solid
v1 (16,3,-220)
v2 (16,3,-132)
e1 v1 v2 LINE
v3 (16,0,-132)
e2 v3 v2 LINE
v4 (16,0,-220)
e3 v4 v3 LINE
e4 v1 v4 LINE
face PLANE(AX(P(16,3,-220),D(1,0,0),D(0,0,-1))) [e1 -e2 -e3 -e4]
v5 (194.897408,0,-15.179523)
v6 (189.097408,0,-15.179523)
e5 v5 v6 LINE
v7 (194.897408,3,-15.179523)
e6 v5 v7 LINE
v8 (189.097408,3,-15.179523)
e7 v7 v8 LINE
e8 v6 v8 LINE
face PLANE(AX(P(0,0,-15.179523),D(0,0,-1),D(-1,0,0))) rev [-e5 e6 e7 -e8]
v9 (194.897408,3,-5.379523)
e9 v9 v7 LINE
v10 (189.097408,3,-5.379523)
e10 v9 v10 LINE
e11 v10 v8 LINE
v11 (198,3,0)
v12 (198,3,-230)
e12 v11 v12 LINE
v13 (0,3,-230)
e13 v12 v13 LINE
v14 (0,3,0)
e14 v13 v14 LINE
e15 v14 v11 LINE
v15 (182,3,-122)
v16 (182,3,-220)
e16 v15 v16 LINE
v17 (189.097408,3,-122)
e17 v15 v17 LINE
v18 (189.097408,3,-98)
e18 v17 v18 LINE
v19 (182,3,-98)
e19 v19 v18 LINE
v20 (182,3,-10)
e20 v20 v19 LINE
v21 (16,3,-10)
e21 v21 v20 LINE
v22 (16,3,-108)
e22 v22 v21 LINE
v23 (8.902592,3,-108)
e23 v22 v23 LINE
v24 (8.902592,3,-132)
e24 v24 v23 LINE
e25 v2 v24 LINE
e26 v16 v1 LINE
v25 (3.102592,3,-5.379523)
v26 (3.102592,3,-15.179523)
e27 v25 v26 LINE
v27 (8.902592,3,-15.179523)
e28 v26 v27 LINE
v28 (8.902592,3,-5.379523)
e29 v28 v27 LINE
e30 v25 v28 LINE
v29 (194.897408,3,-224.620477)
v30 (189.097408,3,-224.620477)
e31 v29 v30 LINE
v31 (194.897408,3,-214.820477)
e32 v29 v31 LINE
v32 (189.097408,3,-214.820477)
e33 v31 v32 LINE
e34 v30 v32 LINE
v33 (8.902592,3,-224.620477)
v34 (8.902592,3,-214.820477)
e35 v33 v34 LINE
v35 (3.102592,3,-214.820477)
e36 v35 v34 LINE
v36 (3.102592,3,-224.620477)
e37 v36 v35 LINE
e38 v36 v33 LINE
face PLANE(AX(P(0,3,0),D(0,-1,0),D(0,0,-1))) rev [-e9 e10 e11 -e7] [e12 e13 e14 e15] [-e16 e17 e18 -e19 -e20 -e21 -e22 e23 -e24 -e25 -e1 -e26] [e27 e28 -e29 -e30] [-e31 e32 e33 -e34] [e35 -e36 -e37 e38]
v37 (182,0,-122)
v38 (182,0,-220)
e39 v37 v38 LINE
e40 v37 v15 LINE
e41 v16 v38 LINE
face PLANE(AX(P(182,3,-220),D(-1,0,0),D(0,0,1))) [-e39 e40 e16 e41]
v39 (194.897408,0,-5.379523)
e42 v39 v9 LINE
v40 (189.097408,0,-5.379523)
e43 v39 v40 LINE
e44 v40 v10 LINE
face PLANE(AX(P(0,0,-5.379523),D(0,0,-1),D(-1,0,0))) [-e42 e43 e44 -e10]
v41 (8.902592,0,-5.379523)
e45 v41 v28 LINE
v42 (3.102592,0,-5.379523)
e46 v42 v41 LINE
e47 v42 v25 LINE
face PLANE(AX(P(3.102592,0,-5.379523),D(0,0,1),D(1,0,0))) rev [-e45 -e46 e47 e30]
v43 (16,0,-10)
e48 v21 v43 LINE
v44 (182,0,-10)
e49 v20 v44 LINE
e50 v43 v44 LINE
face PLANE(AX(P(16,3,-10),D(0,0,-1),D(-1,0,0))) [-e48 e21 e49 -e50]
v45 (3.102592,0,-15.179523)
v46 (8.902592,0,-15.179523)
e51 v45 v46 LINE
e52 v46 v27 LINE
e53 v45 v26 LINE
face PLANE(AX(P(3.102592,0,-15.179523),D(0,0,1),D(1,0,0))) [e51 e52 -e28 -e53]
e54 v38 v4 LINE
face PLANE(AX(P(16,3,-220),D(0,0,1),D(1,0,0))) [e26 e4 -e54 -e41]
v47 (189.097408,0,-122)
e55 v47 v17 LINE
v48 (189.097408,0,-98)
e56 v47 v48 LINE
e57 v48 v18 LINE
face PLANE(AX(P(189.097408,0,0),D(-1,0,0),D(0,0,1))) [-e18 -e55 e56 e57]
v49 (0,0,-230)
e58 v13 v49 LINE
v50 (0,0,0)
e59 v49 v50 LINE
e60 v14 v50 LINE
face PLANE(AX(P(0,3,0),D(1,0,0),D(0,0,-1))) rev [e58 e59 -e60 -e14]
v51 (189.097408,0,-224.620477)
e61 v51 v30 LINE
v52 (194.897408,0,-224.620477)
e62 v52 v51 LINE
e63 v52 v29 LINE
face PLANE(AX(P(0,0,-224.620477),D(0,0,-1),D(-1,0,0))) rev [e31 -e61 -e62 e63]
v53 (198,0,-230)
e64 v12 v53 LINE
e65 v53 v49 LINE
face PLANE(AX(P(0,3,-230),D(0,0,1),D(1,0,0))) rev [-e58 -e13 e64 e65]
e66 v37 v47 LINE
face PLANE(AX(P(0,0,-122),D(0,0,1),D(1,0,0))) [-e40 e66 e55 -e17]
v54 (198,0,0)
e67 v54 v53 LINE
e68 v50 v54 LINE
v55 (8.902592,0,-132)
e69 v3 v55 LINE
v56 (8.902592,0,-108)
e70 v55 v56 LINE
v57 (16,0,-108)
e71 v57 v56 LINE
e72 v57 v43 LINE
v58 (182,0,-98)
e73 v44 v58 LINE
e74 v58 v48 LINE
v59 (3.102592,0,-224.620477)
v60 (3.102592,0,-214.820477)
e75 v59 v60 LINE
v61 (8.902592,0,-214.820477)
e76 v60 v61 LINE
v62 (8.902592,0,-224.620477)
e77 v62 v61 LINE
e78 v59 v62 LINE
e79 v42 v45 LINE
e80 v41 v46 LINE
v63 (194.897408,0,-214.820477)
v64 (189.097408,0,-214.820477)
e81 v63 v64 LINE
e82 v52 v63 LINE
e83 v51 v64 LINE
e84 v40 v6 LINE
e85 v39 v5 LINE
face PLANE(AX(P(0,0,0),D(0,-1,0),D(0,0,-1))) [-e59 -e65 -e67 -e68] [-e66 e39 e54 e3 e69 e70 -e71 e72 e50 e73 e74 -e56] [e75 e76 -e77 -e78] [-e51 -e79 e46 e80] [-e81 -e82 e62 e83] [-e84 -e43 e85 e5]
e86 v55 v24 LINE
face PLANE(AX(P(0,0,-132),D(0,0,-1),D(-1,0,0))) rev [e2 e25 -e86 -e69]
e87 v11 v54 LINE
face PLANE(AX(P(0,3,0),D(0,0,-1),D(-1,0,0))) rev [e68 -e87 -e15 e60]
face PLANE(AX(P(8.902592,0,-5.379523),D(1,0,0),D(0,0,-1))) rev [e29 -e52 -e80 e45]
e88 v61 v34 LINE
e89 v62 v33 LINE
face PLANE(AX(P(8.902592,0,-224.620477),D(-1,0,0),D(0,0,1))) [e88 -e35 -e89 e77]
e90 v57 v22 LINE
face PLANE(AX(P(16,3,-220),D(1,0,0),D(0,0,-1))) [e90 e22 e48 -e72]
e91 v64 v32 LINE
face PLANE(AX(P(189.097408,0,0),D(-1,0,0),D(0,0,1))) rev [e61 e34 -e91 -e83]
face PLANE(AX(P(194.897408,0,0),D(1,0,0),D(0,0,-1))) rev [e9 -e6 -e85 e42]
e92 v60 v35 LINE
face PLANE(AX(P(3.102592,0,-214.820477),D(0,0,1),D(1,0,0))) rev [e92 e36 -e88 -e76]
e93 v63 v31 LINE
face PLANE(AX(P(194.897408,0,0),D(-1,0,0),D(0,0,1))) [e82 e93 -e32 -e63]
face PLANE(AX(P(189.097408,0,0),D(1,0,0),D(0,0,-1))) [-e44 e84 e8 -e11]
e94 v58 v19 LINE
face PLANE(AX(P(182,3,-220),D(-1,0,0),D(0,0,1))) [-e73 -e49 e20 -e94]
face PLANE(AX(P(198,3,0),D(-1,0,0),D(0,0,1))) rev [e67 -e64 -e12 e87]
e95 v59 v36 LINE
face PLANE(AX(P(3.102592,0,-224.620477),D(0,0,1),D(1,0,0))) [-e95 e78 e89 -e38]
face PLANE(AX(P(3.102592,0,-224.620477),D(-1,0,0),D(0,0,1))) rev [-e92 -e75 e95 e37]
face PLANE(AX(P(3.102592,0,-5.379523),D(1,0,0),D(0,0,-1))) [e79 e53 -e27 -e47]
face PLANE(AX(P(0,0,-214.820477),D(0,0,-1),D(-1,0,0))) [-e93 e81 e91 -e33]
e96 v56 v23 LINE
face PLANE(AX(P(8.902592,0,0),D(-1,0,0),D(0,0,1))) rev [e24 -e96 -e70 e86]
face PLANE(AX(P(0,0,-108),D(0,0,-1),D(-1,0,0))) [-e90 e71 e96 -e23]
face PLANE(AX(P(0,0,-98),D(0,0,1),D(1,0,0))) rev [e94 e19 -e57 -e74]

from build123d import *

# Parameters (mm, degrees)
SKETCH1_W           = 198
SKETCH1_H           = 230
SKETCH1_W_2         = 166
SKETCH1_H_2         = 210
BOSS_EXTRUDE1_DEPTH = 3
SKETCH2_W           = 7.09740754
SKETCH2_H           = 24
SKETCH2_W_2         = 5.8
SKETCH2_H_2         = 9.8
CUT_EXTRUDE1_DEPTH  = 3


with BuildPart() as part:
    # Sketch1 → Boss-Extrude1 (new body)
    with BuildSketch(Plane(origin=(0, 0, 0), x_dir=(1, 0, 0), z_dir=(0, 1, 0))):
        with Locations((99, 115)):
            Rectangle(SKETCH1_W, SKETCH1_H)
        with Locations((99, 115)):
            Rectangle(SKETCH1_W_2, SKETCH1_H_2, mode=Mode.SUBTRACT)
    extrude(amount=BOSS_EXTRUDE1_DEPTH)

    # Sketch2 → Cut-Extrude1 (cut)
    with BuildSketch(Plane(origin=(0, 3, 0), x_dir=(1, 0, 0), z_dir=(0, 1, 0))):
        with Locations((12.45129623, 120)):
            Rectangle(SKETCH2_W, SKETCH2_H)
        with Locations((191.99740754, 10.279523389)):
            Rectangle(SKETCH2_W_2, SKETCH2_H_2)
        with Locations((185.54870377, 110)):
            Rectangle(SKETCH2_W, SKETCH2_H)
        with Locations((191.99740754, 219.720476611)):
            Rectangle(SKETCH2_W_2, SKETCH2_H_2)
        with Locations((6.00259246, 219.720476611)):
            Rectangle(SKETCH2_W_2, SKETCH2_H_2)
        with Locations((6.00259246, 10.279523389)):
            Rectangle(SKETCH2_W_2, SKETCH2_H_2)
    extrude(amount=-CUT_EXTRUDE1_DEPTH, mode=Mode.SUBTRACT)


solid = part.part
